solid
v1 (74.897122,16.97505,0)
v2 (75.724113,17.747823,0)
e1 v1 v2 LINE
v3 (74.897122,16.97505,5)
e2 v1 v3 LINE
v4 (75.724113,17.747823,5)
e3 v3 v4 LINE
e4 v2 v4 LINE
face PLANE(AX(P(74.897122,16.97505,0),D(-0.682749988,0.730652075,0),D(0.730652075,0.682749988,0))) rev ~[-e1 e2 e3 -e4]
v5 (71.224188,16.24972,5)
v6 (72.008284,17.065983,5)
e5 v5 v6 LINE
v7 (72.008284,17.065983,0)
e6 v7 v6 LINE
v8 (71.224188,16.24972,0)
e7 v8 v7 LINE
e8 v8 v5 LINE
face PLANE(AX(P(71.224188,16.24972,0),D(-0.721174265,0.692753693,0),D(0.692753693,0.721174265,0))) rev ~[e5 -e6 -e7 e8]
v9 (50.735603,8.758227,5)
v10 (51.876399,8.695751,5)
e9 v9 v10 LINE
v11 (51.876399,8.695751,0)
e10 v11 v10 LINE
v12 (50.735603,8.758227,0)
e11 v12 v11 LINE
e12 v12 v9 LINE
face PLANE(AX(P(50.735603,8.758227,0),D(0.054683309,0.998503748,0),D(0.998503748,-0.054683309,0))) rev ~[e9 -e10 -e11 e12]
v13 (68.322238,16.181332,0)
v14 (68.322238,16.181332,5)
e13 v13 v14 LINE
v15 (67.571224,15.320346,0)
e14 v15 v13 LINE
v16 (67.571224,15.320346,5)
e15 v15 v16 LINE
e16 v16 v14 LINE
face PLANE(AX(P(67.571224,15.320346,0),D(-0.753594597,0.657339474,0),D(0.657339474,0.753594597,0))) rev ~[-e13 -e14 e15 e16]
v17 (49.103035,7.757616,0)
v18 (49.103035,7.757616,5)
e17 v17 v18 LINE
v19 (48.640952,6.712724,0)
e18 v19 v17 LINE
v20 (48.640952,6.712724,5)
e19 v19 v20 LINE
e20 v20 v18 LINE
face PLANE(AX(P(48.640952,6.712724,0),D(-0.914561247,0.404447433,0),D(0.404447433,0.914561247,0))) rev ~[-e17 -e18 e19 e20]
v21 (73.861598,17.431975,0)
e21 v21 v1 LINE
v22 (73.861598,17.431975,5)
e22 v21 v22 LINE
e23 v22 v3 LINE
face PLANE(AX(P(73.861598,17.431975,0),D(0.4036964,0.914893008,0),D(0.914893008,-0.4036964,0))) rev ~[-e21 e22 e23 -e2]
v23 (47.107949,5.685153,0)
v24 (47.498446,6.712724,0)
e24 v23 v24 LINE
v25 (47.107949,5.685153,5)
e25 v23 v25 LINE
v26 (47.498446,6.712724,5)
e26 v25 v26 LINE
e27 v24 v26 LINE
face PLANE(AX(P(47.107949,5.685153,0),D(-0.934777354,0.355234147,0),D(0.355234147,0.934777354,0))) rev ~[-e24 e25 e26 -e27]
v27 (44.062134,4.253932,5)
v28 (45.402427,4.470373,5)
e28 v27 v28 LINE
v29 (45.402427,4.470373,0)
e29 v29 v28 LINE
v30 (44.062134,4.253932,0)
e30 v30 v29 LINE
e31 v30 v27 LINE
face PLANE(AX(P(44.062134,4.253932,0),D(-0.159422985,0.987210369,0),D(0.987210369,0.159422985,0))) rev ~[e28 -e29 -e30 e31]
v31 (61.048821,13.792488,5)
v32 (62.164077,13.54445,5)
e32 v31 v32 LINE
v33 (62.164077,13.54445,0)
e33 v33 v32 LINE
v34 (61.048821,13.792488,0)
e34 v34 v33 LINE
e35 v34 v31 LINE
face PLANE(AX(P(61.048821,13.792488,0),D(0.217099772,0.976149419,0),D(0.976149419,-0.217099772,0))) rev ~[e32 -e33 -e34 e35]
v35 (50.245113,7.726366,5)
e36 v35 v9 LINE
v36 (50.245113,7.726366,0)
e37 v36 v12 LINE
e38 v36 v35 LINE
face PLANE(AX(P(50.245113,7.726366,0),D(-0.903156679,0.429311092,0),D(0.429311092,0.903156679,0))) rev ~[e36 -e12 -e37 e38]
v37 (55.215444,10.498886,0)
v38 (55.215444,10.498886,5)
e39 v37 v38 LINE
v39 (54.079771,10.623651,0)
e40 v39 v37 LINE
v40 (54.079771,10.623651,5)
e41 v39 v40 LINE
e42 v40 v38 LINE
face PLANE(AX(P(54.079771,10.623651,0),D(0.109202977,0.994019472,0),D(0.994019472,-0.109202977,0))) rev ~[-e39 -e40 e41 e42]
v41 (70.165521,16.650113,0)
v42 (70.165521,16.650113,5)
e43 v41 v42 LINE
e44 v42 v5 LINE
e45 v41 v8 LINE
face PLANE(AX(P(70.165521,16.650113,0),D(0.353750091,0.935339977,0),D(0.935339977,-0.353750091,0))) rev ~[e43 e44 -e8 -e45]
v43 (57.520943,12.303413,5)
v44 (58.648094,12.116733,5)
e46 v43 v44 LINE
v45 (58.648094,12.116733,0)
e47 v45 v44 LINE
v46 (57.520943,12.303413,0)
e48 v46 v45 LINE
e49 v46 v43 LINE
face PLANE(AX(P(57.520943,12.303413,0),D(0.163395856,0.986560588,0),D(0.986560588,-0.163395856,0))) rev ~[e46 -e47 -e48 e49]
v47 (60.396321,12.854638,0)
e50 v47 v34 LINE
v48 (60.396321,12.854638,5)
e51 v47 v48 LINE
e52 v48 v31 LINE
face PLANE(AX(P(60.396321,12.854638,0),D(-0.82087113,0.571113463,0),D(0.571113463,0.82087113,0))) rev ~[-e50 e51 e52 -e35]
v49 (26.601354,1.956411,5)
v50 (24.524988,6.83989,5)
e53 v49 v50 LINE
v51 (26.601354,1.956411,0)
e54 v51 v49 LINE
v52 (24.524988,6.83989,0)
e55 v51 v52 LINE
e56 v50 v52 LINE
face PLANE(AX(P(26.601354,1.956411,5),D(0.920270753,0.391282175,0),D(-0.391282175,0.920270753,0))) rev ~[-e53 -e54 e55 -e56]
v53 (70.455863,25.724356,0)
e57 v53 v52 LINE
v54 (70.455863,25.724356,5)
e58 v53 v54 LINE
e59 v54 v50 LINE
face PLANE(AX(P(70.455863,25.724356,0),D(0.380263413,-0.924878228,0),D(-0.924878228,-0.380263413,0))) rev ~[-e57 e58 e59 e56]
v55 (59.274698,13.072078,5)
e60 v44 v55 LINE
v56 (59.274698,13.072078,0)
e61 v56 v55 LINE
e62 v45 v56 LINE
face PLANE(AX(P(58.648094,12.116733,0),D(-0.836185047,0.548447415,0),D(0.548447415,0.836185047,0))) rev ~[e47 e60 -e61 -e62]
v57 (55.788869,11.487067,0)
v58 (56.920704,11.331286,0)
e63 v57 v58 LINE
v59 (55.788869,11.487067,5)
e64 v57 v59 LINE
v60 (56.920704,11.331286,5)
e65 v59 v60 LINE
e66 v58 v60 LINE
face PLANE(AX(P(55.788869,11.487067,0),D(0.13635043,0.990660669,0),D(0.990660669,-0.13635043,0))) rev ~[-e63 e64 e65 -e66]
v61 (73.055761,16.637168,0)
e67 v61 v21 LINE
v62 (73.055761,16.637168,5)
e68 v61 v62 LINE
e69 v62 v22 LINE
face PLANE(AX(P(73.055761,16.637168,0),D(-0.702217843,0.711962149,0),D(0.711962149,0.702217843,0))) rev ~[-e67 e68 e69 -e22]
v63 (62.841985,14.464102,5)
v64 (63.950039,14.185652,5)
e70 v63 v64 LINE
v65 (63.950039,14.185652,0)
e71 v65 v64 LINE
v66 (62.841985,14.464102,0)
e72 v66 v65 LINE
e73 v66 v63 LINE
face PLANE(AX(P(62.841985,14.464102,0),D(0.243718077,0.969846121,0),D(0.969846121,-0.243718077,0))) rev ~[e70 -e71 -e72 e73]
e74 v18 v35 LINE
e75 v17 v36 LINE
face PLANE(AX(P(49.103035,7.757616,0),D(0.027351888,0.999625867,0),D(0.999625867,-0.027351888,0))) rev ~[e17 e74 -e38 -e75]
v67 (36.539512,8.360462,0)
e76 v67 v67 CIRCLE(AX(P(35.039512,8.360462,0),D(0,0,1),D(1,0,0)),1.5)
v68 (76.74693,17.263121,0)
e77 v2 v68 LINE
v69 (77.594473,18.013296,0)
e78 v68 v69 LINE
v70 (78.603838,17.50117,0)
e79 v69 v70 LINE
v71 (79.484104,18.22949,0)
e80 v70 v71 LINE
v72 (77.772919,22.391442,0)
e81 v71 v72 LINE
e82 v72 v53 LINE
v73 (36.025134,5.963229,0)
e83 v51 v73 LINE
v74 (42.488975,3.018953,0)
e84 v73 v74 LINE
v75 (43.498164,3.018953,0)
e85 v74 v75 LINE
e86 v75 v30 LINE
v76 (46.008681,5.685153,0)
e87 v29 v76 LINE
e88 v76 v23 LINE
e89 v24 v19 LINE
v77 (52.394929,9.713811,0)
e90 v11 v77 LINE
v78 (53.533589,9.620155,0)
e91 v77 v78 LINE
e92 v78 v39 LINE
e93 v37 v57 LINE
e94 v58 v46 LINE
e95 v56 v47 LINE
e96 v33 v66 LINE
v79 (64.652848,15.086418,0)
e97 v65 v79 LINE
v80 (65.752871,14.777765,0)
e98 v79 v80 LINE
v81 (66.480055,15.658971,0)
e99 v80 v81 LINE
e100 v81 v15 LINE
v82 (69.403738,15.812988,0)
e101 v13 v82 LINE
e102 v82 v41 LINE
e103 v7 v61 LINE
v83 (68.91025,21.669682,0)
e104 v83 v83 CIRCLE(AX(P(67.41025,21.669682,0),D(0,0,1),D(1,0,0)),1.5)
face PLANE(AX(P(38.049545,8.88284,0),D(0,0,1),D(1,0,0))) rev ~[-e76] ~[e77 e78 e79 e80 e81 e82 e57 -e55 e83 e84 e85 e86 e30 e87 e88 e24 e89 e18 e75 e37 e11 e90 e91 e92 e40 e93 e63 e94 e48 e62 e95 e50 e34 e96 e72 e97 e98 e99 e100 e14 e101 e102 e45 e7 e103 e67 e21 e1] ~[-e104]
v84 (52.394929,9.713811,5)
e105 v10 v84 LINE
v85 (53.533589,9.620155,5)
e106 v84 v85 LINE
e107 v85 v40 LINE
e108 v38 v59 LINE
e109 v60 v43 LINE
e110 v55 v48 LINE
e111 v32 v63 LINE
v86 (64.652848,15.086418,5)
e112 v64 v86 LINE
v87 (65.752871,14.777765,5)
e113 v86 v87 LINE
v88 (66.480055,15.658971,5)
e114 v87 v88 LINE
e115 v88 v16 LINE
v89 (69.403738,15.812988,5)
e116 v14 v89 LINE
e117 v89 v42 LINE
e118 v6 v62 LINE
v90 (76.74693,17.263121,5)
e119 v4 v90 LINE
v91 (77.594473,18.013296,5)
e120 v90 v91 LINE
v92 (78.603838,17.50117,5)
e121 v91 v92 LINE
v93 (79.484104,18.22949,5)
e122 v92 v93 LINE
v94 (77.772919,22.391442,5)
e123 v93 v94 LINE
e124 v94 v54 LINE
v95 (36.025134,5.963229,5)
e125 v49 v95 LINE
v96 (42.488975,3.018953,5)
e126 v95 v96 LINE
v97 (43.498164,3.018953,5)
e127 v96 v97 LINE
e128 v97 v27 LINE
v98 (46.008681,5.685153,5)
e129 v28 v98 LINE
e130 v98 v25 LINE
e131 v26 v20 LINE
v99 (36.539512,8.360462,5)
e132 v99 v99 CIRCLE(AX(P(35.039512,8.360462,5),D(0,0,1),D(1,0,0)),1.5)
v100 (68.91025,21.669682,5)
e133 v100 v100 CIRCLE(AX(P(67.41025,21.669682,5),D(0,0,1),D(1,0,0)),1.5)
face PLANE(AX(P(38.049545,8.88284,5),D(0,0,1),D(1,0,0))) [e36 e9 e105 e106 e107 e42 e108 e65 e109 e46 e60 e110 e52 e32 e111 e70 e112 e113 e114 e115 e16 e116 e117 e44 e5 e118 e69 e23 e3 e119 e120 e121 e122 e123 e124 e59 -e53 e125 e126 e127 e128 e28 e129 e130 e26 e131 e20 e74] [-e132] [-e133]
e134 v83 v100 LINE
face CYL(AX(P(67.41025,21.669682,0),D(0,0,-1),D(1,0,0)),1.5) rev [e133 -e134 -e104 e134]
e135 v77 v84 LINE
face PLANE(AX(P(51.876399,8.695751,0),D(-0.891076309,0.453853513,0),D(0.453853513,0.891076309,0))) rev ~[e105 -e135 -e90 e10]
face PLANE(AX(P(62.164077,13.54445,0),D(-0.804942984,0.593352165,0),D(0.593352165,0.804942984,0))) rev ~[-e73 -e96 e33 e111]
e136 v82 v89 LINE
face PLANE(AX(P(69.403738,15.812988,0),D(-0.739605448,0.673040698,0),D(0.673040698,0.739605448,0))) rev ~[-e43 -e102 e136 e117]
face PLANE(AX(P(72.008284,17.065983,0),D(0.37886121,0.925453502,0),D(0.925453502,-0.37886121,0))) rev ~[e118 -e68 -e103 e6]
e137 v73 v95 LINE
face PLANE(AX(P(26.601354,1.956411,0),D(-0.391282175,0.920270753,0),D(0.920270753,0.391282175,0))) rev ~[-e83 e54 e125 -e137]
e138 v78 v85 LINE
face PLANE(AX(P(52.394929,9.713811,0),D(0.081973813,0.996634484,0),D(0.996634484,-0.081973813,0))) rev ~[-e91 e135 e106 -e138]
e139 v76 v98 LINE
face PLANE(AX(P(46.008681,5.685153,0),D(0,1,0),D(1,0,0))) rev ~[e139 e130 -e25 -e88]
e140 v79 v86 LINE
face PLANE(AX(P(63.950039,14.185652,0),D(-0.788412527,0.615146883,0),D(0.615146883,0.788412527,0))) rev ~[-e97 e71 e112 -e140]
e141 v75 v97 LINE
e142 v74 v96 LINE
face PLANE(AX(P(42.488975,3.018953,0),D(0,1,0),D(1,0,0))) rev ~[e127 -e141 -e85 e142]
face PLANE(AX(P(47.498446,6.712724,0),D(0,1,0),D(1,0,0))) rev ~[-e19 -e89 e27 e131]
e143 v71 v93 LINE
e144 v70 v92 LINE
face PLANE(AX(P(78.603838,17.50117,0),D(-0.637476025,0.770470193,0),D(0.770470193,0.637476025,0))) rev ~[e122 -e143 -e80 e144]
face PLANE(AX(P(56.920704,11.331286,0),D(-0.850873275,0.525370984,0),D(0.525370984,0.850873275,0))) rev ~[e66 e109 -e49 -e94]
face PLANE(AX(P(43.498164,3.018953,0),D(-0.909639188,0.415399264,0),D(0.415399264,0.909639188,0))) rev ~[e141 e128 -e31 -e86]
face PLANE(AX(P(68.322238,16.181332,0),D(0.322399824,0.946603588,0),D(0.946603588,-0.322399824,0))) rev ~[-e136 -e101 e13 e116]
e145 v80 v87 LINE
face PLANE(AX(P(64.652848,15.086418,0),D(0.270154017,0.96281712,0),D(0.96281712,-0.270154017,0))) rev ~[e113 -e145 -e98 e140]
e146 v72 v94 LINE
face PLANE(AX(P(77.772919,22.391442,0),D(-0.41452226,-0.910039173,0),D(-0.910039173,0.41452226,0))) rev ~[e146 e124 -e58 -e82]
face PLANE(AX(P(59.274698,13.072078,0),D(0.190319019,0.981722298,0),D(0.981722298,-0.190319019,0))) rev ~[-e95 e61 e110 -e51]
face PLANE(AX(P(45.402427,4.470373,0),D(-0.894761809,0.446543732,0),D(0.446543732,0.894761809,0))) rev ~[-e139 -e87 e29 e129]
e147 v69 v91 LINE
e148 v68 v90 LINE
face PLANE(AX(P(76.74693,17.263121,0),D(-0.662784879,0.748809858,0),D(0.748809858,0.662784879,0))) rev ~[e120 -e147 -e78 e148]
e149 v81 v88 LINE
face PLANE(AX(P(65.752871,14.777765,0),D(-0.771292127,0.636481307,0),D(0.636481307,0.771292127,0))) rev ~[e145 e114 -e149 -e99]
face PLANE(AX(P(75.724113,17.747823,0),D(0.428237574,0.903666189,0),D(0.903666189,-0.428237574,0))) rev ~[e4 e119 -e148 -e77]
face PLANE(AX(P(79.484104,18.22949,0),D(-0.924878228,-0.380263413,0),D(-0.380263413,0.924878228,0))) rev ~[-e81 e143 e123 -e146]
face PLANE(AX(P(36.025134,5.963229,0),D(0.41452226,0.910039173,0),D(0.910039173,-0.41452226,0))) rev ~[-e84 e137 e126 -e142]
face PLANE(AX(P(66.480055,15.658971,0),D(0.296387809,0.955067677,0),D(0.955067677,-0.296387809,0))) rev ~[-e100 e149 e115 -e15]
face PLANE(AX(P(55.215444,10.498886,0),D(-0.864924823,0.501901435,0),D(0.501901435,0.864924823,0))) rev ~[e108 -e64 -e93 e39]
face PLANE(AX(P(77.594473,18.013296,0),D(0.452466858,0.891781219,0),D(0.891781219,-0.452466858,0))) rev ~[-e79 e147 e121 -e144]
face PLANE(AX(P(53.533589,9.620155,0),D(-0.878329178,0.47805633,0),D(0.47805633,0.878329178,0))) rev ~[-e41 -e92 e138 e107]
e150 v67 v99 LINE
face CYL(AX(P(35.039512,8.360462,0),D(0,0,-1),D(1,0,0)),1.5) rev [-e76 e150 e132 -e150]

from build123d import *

# Parameters (mm, degrees)
SKETCH_1_R          = 1.5
EXTRUDE_1_DEPTH     = 5
CUT_EXTRUDE_1_DEPTH = 84.692683778


with BuildPart() as part:
    # 스케치1 → 보스-돌출1 (new body)
    with BuildSketch(Plane.XY):
        with BuildLine():
            Line((20.05, 5), (0, 5))
            ThreePointArc((0, 5), (-5, 0), (0, -5))
            Line((0, -5), (22, -5))
            Line((22, -5), (26.601353767, 1.956410875))
            Line((26.601353767, 1.956410875), (36.025134241, 5.963228766))
            Line((36.025134241, 5.963228766), (42.488975113, 3.018953392))
            Line((42.488975113, 3.018953392), (43.498164032, 3.018953392))
            Line((43.498164032, 3.018953392), (44.062133892, 4.253931713))
            Line((44.062133892, 4.253931713), (45.402427297, 4.470373499))
            Line((45.402427297, 4.470373499), (46.008680673, 5.685153438))
            Line((46.008680673, 5.685153438), (47.107948843, 5.685153438))
            Line((47.107948843, 5.685153438), (47.498446434, 6.712724429))
            Line((47.498446434, 6.712724429), (48.640951743, 6.712724429))
            Line((48.640951743, 6.712724429), (49.103035082, 7.757615508))
            Line((49.103035082, 7.757615508), (50.245112942, 7.726365831))
            Line((50.245112942, 7.726365831), (50.735603144, 8.758227131))
            Line((50.735603144, 8.758227131), (51.876398977, 8.69575116))
            Line((51.876398977, 8.69575116), (52.394929025, 9.713810574))
            Line((52.394929025, 9.713810574), (53.533589213, 9.620155058))
            Line((53.533589213, 9.620155058), (54.079771108, 10.623650806))
            Line((54.079771108, 10.623650806), (55.215443631, 10.498885825))
            Line((55.215443631, 10.498885825), (55.788868685, 11.487067026))
            Line((55.788868685, 11.487067026), (56.920703758, 11.331285936))
            Line((56.920703758, 11.331285936), (57.520942896, 12.303413169))
            Line((57.520942896, 12.303413169), (58.648093605, 12.116732536))
            Line((58.648093605, 12.116732536), (59.274697688, 13.072078391))
            Line((59.274697688, 13.072078391), (60.396320625, 12.854637901))
            Line((60.396320625, 12.854637901), (61.048820788, 13.792487525))
            Line((61.048820788, 13.792487525), (62.164076682, 13.544449883))
            Line((62.164076682, 13.544449883), (62.84198468, 14.464101515))
            Line((62.84198468, 14.464101515), (63.950039022, 14.185652318))
            Line((63.950039022, 14.185652318), (64.652847601, 15.086417815))
            Line((64.652847601, 15.086417815), (65.752871272, 14.777765417))
            Line((65.752871272, 14.777765417), (66.480054544, 15.658970767))
            Line((66.480054544, 15.658970767), (67.571224435, 15.320346122))
            Line((67.571224435, 15.320346122), (68.322238273, 16.181331949))
            Line((68.322238273, 16.181331949), (69.403737898, 15.812988438))
            Line((69.403737898, 15.812988438), (70.165521035, 16.650113087))
            Line((70.165521035, 16.650113087), (71.224188399, 16.249719983))
            Line((71.224188399, 16.249719983), (72.008283749, 17.065983242))
            Line((72.008283749, 17.065983242), (73.055761076, 16.637168043))
            Line((73.055761076, 16.637168043), (73.861597574, 17.431975419))
            Line((73.861597574, 17.431975419), (74.897121975, 16.975050435))
            Line((74.897121975, 16.975050435), (75.724112721, 17.74782306))
            Line((75.724112721, 17.74782306), (76.746930013, 17.263121075))
            Line((76.746930013, 17.263121075), (77.594472701, 18.013296132))
            Line((77.594472701, 18.013296132), (78.603837954, 17.501170159))
            Line((78.603837954, 17.501170159), (79.484104239, 18.229489901))
            Line((79.484104239, 18.229489901), (77.772918882, 22.391441928))
            Line((77.772918882, 22.391441928), (70.455863435, 25.724355994))
            Line((70.455863435, 25.724355994), (20.05, 5))
        make_face()
        with Locations((35.039512437, 8.36046215)):
            Circle(SKETCH_1_R, mode=Mode.SUBTRACT)
        Circle(SKETCH_1_R, mode=Mode.SUBTRACT)
        with Locations((22, 0)):
            Circle(SKETCH_1_R, mode=Mode.SUBTRACT)
        with Locations((67.410250422, 21.669681595)):
            Circle(SKETCH_1_R, mode=Mode.SUBTRACT)
    extrude(amount=EXTRUDE_1_DEPTH)

    # 스케치2 → 컷-돌출1 (cut, through all)
    with BuildSketch(Plane.XY.offset(5)):
        with BuildLine():
            Line((26.601353767, 1.956410875), (24.524988327, 6.83989014))
            Line((24.524988327, 6.83989014), (20.05, 5))
            Line((20.05, 5), (0, 5))
            ThreePointArc((0, 5), (-5, 0), (0, -5))
            Line((0, -5), (22, -5))
            Line((22, -5), (26.601353767, 1.956410875))
        make_face()
    extrude(amount=-CUT_EXTRUDE_1_DEPTH, mode=Mode.SUBTRACT)


solid = part.part
